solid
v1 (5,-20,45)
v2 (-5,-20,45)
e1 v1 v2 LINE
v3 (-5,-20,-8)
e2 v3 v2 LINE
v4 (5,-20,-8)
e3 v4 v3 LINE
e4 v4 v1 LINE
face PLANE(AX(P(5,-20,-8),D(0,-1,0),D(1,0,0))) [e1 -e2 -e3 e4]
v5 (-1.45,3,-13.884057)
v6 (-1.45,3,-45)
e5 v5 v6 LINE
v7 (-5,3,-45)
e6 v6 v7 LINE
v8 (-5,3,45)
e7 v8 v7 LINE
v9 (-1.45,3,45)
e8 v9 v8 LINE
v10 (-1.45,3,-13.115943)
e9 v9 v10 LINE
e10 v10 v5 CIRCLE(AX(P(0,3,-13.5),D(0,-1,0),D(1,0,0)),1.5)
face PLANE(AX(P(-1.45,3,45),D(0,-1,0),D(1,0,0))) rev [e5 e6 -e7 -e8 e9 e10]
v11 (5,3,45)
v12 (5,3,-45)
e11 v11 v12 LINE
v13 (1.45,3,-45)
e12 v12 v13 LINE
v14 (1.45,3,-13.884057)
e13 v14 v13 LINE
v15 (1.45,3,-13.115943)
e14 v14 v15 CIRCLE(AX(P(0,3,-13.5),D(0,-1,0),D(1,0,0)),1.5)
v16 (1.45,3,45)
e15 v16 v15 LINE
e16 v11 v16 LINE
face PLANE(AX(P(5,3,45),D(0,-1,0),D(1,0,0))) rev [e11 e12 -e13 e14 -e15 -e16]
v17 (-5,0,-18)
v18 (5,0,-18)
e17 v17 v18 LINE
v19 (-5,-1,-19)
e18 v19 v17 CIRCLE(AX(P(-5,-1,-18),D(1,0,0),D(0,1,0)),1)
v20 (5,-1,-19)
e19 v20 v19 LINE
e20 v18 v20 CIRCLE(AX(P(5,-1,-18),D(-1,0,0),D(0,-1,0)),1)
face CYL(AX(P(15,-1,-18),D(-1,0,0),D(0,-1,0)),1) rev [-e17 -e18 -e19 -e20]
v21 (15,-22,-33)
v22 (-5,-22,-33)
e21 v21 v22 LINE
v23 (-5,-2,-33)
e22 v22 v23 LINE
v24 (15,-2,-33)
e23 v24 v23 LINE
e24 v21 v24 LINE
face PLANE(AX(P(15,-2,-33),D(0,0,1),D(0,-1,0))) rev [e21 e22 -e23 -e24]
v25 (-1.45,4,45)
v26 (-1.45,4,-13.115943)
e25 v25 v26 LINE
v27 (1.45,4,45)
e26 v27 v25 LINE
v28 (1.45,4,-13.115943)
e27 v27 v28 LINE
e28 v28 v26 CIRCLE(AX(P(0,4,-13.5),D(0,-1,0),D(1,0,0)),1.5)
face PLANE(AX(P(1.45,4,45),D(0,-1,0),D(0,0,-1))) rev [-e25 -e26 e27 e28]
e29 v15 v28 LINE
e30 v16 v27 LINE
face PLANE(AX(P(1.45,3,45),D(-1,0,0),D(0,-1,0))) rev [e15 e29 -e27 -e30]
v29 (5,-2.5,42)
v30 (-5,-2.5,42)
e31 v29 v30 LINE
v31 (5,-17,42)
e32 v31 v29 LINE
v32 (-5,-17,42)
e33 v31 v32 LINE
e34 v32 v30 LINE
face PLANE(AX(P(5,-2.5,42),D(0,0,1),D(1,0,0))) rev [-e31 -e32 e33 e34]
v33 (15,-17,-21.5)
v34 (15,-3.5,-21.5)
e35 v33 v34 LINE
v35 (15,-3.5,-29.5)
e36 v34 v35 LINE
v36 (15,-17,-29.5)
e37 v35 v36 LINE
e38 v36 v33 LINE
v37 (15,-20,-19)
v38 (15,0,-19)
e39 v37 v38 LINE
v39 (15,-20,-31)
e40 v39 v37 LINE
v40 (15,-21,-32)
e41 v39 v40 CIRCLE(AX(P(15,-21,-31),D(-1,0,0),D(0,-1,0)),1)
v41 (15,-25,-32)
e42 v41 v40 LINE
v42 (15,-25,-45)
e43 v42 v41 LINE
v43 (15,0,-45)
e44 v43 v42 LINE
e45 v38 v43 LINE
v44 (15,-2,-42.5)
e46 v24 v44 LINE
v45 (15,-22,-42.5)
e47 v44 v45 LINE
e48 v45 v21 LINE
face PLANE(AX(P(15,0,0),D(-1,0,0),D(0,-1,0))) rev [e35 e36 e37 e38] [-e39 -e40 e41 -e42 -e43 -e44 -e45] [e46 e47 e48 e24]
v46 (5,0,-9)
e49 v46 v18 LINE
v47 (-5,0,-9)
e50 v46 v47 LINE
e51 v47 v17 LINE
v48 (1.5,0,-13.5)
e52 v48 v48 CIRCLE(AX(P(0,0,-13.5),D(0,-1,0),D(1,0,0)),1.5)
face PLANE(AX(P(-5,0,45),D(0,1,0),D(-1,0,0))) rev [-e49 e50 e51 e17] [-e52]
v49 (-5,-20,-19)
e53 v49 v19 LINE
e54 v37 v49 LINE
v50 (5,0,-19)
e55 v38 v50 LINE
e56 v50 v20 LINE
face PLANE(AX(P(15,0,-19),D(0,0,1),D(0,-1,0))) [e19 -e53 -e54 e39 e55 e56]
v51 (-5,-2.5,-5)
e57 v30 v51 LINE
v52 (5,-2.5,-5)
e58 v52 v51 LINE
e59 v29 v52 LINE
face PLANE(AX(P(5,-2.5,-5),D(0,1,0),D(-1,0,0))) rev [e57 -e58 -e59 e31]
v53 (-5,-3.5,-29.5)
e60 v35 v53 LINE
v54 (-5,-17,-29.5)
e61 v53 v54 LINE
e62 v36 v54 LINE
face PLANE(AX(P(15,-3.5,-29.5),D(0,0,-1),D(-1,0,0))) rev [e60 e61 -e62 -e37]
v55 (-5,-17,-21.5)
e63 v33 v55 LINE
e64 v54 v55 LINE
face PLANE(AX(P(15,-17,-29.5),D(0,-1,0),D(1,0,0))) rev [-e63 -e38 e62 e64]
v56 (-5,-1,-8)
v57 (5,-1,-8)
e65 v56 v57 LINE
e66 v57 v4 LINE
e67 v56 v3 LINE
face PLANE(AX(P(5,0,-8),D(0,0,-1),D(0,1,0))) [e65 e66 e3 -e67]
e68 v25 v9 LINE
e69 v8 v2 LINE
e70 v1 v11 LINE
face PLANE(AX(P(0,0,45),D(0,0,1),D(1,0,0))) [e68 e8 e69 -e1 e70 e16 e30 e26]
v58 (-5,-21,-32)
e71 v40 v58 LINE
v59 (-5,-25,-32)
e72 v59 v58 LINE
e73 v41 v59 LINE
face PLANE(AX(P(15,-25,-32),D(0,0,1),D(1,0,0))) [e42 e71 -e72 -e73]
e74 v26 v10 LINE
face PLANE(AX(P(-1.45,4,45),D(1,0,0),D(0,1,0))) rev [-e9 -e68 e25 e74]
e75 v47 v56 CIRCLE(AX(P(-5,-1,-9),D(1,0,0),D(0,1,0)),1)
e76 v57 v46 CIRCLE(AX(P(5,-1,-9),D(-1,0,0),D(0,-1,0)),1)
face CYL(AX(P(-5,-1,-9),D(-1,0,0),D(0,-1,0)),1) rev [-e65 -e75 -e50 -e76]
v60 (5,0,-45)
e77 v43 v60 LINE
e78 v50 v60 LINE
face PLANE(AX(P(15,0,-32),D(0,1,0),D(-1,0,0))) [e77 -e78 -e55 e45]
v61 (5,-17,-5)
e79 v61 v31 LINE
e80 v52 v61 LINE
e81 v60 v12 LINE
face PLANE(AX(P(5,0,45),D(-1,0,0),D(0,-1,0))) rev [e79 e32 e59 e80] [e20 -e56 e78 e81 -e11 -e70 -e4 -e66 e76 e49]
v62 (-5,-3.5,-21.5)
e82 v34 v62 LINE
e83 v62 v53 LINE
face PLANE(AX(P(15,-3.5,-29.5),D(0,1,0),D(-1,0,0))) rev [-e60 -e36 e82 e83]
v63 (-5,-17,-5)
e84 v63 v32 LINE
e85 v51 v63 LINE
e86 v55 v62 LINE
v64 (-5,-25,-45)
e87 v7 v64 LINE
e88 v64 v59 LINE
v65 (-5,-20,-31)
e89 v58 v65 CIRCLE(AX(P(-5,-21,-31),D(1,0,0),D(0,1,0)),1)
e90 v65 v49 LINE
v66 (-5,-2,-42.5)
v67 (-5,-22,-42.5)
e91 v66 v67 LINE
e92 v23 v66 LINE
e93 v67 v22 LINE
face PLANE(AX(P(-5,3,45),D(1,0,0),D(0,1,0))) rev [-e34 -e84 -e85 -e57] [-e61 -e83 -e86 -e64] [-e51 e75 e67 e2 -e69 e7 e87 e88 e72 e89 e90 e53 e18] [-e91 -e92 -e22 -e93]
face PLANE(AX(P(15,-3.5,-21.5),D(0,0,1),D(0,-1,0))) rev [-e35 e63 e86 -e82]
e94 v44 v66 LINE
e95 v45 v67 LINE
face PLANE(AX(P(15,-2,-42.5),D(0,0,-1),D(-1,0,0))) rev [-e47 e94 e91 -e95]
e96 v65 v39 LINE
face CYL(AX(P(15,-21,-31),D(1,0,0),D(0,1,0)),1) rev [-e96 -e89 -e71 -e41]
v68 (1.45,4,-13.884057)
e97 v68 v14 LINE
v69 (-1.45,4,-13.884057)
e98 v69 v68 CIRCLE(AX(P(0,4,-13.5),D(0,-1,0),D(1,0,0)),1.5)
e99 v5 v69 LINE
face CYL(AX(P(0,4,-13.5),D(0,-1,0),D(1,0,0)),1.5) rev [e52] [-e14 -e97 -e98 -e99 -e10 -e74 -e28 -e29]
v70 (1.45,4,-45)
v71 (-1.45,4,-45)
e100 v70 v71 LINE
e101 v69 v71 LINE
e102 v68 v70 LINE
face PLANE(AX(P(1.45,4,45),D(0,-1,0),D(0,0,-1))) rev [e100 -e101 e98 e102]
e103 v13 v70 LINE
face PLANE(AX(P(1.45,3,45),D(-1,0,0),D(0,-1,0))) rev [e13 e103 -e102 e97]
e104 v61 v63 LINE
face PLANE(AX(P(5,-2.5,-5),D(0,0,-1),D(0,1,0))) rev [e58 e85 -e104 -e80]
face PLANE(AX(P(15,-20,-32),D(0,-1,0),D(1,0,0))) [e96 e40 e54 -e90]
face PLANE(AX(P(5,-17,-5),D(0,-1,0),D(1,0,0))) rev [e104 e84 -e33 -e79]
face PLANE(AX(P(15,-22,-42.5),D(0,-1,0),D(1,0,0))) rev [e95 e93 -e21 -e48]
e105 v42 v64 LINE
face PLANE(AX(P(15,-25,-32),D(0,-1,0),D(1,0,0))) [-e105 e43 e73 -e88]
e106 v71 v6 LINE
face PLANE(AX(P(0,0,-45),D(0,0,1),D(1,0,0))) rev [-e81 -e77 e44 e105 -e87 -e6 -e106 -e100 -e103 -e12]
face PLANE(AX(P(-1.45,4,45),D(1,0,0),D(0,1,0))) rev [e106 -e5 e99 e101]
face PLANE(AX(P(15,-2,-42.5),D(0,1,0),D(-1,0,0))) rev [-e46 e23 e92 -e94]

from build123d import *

# Parameters (mm, degrees)
MAKERBEAMFIX_DEPTH            = 45
SKETCH2_R                     = 1.5
MAKERBEAMFIXHOLE_DEPTH        = 5
SKETCH3_W                     = 13
SKETCH3_H                     = 25
SKETCH3_W_2                   = 9.5
SKETCH3_H_2                   = 20
MAKERBEAMTOOLPLATEPLIER_DEPTH = 20
SKETCH4_W                     = 13
SKETCH4_H                     = 20
SKETCH4_W_2                   = 8
SKETCH4_H_2                   = 13.5
MAKERBEAMTOOLCUTPLIER_DEPTH   = 20
SKETCH5_W                     = 53
SKETCH5_H                     = 20
SKETCH5_W_2                   = 47
SKETCH5_H_2                   = 14.5
BIGFACOMPLIER_DEPTH           = 10
FILLET1_R                     = 1


with BuildPart() as part:
    # Sketch1 → MakerBeamFix (new body, symmetric)
    with BuildSketch(Plane.XY):
        Polygon((-5, 0), (5, 0), (5, 3), (1.45, 3), (1.45, 4), (-1.45, 4), (-1.45, 3), (-5, 3), align=None)
    extrude(amount=MAKERBEAMFIX_DEPTH, both=True)

    # Sketch2 → MakerBeamFixHole (cut, through all)
    with BuildSketch(Plane(origin=(0, 0, 0), x_dir=(-1, 0, 0), z_dir=(0, -1, 0))):
        with Locations((0, 13.5)):
            Circle(SKETCH2_R)
    extrude(amount=-MAKERBEAMFIXHOLE_DEPTH, mode=Mode.SUBTRACT)

    # Sketch3 → MakerBeamToolPlatePlier (add)
    with BuildSketch(Plane.ZY.offset(5)):
        with Locations((-38.5, -12.5)):
            Rectangle(SKETCH3_W, SKETCH3_H)
        with Locations((-37.75, -12)):
            Rectangle(SKETCH3_W_2, SKETCH3_H_2, mode=Mode.SUBTRACT)
    extrude(amount=-MAKERBEAMTOOLPLATEPLIER_DEPTH)

    # Sketch4 → MakerBeamToolCutPlier (add)
    with BuildSketch(Plane.ZY.offset(5)):
        with Locations((-25.5, -10)):
            Rectangle(SKETCH4_W, SKETCH4_H)
        with Locations((-25.5, -10.25)):
            Rectangle(SKETCH4_W_2, SKETCH4_H_2, mode=Mode.SUBTRACT)
    extrude(amount=-MAKERBEAMTOOLCUTPLIER_DEPTH)

    # Sketch5 → BigFacomPlier (add)
    with BuildSketch(Plane.ZY.offset(5)):
        with Locations((18.5, -10)):
            Rectangle(SKETCH5_W, SKETCH5_H)
        with Locations((18.5, -9.75)):
            Rectangle(SKETCH5_W_2, SKETCH5_H_2, mode=Mode.SUBTRACT)
    extrude(amount=-BIGFACOMPLIER_DEPTH)

    # Fillet1
    fillet1_edges = [part.edges().sort_by_distance(p)[0] for p in [
        (0, 0, -19),
        (5, -20, -32),
        (0, 0, -8),
    ]]
    fillet(fillet1_edges, radius=FILLET1_R)


solid = part.part
